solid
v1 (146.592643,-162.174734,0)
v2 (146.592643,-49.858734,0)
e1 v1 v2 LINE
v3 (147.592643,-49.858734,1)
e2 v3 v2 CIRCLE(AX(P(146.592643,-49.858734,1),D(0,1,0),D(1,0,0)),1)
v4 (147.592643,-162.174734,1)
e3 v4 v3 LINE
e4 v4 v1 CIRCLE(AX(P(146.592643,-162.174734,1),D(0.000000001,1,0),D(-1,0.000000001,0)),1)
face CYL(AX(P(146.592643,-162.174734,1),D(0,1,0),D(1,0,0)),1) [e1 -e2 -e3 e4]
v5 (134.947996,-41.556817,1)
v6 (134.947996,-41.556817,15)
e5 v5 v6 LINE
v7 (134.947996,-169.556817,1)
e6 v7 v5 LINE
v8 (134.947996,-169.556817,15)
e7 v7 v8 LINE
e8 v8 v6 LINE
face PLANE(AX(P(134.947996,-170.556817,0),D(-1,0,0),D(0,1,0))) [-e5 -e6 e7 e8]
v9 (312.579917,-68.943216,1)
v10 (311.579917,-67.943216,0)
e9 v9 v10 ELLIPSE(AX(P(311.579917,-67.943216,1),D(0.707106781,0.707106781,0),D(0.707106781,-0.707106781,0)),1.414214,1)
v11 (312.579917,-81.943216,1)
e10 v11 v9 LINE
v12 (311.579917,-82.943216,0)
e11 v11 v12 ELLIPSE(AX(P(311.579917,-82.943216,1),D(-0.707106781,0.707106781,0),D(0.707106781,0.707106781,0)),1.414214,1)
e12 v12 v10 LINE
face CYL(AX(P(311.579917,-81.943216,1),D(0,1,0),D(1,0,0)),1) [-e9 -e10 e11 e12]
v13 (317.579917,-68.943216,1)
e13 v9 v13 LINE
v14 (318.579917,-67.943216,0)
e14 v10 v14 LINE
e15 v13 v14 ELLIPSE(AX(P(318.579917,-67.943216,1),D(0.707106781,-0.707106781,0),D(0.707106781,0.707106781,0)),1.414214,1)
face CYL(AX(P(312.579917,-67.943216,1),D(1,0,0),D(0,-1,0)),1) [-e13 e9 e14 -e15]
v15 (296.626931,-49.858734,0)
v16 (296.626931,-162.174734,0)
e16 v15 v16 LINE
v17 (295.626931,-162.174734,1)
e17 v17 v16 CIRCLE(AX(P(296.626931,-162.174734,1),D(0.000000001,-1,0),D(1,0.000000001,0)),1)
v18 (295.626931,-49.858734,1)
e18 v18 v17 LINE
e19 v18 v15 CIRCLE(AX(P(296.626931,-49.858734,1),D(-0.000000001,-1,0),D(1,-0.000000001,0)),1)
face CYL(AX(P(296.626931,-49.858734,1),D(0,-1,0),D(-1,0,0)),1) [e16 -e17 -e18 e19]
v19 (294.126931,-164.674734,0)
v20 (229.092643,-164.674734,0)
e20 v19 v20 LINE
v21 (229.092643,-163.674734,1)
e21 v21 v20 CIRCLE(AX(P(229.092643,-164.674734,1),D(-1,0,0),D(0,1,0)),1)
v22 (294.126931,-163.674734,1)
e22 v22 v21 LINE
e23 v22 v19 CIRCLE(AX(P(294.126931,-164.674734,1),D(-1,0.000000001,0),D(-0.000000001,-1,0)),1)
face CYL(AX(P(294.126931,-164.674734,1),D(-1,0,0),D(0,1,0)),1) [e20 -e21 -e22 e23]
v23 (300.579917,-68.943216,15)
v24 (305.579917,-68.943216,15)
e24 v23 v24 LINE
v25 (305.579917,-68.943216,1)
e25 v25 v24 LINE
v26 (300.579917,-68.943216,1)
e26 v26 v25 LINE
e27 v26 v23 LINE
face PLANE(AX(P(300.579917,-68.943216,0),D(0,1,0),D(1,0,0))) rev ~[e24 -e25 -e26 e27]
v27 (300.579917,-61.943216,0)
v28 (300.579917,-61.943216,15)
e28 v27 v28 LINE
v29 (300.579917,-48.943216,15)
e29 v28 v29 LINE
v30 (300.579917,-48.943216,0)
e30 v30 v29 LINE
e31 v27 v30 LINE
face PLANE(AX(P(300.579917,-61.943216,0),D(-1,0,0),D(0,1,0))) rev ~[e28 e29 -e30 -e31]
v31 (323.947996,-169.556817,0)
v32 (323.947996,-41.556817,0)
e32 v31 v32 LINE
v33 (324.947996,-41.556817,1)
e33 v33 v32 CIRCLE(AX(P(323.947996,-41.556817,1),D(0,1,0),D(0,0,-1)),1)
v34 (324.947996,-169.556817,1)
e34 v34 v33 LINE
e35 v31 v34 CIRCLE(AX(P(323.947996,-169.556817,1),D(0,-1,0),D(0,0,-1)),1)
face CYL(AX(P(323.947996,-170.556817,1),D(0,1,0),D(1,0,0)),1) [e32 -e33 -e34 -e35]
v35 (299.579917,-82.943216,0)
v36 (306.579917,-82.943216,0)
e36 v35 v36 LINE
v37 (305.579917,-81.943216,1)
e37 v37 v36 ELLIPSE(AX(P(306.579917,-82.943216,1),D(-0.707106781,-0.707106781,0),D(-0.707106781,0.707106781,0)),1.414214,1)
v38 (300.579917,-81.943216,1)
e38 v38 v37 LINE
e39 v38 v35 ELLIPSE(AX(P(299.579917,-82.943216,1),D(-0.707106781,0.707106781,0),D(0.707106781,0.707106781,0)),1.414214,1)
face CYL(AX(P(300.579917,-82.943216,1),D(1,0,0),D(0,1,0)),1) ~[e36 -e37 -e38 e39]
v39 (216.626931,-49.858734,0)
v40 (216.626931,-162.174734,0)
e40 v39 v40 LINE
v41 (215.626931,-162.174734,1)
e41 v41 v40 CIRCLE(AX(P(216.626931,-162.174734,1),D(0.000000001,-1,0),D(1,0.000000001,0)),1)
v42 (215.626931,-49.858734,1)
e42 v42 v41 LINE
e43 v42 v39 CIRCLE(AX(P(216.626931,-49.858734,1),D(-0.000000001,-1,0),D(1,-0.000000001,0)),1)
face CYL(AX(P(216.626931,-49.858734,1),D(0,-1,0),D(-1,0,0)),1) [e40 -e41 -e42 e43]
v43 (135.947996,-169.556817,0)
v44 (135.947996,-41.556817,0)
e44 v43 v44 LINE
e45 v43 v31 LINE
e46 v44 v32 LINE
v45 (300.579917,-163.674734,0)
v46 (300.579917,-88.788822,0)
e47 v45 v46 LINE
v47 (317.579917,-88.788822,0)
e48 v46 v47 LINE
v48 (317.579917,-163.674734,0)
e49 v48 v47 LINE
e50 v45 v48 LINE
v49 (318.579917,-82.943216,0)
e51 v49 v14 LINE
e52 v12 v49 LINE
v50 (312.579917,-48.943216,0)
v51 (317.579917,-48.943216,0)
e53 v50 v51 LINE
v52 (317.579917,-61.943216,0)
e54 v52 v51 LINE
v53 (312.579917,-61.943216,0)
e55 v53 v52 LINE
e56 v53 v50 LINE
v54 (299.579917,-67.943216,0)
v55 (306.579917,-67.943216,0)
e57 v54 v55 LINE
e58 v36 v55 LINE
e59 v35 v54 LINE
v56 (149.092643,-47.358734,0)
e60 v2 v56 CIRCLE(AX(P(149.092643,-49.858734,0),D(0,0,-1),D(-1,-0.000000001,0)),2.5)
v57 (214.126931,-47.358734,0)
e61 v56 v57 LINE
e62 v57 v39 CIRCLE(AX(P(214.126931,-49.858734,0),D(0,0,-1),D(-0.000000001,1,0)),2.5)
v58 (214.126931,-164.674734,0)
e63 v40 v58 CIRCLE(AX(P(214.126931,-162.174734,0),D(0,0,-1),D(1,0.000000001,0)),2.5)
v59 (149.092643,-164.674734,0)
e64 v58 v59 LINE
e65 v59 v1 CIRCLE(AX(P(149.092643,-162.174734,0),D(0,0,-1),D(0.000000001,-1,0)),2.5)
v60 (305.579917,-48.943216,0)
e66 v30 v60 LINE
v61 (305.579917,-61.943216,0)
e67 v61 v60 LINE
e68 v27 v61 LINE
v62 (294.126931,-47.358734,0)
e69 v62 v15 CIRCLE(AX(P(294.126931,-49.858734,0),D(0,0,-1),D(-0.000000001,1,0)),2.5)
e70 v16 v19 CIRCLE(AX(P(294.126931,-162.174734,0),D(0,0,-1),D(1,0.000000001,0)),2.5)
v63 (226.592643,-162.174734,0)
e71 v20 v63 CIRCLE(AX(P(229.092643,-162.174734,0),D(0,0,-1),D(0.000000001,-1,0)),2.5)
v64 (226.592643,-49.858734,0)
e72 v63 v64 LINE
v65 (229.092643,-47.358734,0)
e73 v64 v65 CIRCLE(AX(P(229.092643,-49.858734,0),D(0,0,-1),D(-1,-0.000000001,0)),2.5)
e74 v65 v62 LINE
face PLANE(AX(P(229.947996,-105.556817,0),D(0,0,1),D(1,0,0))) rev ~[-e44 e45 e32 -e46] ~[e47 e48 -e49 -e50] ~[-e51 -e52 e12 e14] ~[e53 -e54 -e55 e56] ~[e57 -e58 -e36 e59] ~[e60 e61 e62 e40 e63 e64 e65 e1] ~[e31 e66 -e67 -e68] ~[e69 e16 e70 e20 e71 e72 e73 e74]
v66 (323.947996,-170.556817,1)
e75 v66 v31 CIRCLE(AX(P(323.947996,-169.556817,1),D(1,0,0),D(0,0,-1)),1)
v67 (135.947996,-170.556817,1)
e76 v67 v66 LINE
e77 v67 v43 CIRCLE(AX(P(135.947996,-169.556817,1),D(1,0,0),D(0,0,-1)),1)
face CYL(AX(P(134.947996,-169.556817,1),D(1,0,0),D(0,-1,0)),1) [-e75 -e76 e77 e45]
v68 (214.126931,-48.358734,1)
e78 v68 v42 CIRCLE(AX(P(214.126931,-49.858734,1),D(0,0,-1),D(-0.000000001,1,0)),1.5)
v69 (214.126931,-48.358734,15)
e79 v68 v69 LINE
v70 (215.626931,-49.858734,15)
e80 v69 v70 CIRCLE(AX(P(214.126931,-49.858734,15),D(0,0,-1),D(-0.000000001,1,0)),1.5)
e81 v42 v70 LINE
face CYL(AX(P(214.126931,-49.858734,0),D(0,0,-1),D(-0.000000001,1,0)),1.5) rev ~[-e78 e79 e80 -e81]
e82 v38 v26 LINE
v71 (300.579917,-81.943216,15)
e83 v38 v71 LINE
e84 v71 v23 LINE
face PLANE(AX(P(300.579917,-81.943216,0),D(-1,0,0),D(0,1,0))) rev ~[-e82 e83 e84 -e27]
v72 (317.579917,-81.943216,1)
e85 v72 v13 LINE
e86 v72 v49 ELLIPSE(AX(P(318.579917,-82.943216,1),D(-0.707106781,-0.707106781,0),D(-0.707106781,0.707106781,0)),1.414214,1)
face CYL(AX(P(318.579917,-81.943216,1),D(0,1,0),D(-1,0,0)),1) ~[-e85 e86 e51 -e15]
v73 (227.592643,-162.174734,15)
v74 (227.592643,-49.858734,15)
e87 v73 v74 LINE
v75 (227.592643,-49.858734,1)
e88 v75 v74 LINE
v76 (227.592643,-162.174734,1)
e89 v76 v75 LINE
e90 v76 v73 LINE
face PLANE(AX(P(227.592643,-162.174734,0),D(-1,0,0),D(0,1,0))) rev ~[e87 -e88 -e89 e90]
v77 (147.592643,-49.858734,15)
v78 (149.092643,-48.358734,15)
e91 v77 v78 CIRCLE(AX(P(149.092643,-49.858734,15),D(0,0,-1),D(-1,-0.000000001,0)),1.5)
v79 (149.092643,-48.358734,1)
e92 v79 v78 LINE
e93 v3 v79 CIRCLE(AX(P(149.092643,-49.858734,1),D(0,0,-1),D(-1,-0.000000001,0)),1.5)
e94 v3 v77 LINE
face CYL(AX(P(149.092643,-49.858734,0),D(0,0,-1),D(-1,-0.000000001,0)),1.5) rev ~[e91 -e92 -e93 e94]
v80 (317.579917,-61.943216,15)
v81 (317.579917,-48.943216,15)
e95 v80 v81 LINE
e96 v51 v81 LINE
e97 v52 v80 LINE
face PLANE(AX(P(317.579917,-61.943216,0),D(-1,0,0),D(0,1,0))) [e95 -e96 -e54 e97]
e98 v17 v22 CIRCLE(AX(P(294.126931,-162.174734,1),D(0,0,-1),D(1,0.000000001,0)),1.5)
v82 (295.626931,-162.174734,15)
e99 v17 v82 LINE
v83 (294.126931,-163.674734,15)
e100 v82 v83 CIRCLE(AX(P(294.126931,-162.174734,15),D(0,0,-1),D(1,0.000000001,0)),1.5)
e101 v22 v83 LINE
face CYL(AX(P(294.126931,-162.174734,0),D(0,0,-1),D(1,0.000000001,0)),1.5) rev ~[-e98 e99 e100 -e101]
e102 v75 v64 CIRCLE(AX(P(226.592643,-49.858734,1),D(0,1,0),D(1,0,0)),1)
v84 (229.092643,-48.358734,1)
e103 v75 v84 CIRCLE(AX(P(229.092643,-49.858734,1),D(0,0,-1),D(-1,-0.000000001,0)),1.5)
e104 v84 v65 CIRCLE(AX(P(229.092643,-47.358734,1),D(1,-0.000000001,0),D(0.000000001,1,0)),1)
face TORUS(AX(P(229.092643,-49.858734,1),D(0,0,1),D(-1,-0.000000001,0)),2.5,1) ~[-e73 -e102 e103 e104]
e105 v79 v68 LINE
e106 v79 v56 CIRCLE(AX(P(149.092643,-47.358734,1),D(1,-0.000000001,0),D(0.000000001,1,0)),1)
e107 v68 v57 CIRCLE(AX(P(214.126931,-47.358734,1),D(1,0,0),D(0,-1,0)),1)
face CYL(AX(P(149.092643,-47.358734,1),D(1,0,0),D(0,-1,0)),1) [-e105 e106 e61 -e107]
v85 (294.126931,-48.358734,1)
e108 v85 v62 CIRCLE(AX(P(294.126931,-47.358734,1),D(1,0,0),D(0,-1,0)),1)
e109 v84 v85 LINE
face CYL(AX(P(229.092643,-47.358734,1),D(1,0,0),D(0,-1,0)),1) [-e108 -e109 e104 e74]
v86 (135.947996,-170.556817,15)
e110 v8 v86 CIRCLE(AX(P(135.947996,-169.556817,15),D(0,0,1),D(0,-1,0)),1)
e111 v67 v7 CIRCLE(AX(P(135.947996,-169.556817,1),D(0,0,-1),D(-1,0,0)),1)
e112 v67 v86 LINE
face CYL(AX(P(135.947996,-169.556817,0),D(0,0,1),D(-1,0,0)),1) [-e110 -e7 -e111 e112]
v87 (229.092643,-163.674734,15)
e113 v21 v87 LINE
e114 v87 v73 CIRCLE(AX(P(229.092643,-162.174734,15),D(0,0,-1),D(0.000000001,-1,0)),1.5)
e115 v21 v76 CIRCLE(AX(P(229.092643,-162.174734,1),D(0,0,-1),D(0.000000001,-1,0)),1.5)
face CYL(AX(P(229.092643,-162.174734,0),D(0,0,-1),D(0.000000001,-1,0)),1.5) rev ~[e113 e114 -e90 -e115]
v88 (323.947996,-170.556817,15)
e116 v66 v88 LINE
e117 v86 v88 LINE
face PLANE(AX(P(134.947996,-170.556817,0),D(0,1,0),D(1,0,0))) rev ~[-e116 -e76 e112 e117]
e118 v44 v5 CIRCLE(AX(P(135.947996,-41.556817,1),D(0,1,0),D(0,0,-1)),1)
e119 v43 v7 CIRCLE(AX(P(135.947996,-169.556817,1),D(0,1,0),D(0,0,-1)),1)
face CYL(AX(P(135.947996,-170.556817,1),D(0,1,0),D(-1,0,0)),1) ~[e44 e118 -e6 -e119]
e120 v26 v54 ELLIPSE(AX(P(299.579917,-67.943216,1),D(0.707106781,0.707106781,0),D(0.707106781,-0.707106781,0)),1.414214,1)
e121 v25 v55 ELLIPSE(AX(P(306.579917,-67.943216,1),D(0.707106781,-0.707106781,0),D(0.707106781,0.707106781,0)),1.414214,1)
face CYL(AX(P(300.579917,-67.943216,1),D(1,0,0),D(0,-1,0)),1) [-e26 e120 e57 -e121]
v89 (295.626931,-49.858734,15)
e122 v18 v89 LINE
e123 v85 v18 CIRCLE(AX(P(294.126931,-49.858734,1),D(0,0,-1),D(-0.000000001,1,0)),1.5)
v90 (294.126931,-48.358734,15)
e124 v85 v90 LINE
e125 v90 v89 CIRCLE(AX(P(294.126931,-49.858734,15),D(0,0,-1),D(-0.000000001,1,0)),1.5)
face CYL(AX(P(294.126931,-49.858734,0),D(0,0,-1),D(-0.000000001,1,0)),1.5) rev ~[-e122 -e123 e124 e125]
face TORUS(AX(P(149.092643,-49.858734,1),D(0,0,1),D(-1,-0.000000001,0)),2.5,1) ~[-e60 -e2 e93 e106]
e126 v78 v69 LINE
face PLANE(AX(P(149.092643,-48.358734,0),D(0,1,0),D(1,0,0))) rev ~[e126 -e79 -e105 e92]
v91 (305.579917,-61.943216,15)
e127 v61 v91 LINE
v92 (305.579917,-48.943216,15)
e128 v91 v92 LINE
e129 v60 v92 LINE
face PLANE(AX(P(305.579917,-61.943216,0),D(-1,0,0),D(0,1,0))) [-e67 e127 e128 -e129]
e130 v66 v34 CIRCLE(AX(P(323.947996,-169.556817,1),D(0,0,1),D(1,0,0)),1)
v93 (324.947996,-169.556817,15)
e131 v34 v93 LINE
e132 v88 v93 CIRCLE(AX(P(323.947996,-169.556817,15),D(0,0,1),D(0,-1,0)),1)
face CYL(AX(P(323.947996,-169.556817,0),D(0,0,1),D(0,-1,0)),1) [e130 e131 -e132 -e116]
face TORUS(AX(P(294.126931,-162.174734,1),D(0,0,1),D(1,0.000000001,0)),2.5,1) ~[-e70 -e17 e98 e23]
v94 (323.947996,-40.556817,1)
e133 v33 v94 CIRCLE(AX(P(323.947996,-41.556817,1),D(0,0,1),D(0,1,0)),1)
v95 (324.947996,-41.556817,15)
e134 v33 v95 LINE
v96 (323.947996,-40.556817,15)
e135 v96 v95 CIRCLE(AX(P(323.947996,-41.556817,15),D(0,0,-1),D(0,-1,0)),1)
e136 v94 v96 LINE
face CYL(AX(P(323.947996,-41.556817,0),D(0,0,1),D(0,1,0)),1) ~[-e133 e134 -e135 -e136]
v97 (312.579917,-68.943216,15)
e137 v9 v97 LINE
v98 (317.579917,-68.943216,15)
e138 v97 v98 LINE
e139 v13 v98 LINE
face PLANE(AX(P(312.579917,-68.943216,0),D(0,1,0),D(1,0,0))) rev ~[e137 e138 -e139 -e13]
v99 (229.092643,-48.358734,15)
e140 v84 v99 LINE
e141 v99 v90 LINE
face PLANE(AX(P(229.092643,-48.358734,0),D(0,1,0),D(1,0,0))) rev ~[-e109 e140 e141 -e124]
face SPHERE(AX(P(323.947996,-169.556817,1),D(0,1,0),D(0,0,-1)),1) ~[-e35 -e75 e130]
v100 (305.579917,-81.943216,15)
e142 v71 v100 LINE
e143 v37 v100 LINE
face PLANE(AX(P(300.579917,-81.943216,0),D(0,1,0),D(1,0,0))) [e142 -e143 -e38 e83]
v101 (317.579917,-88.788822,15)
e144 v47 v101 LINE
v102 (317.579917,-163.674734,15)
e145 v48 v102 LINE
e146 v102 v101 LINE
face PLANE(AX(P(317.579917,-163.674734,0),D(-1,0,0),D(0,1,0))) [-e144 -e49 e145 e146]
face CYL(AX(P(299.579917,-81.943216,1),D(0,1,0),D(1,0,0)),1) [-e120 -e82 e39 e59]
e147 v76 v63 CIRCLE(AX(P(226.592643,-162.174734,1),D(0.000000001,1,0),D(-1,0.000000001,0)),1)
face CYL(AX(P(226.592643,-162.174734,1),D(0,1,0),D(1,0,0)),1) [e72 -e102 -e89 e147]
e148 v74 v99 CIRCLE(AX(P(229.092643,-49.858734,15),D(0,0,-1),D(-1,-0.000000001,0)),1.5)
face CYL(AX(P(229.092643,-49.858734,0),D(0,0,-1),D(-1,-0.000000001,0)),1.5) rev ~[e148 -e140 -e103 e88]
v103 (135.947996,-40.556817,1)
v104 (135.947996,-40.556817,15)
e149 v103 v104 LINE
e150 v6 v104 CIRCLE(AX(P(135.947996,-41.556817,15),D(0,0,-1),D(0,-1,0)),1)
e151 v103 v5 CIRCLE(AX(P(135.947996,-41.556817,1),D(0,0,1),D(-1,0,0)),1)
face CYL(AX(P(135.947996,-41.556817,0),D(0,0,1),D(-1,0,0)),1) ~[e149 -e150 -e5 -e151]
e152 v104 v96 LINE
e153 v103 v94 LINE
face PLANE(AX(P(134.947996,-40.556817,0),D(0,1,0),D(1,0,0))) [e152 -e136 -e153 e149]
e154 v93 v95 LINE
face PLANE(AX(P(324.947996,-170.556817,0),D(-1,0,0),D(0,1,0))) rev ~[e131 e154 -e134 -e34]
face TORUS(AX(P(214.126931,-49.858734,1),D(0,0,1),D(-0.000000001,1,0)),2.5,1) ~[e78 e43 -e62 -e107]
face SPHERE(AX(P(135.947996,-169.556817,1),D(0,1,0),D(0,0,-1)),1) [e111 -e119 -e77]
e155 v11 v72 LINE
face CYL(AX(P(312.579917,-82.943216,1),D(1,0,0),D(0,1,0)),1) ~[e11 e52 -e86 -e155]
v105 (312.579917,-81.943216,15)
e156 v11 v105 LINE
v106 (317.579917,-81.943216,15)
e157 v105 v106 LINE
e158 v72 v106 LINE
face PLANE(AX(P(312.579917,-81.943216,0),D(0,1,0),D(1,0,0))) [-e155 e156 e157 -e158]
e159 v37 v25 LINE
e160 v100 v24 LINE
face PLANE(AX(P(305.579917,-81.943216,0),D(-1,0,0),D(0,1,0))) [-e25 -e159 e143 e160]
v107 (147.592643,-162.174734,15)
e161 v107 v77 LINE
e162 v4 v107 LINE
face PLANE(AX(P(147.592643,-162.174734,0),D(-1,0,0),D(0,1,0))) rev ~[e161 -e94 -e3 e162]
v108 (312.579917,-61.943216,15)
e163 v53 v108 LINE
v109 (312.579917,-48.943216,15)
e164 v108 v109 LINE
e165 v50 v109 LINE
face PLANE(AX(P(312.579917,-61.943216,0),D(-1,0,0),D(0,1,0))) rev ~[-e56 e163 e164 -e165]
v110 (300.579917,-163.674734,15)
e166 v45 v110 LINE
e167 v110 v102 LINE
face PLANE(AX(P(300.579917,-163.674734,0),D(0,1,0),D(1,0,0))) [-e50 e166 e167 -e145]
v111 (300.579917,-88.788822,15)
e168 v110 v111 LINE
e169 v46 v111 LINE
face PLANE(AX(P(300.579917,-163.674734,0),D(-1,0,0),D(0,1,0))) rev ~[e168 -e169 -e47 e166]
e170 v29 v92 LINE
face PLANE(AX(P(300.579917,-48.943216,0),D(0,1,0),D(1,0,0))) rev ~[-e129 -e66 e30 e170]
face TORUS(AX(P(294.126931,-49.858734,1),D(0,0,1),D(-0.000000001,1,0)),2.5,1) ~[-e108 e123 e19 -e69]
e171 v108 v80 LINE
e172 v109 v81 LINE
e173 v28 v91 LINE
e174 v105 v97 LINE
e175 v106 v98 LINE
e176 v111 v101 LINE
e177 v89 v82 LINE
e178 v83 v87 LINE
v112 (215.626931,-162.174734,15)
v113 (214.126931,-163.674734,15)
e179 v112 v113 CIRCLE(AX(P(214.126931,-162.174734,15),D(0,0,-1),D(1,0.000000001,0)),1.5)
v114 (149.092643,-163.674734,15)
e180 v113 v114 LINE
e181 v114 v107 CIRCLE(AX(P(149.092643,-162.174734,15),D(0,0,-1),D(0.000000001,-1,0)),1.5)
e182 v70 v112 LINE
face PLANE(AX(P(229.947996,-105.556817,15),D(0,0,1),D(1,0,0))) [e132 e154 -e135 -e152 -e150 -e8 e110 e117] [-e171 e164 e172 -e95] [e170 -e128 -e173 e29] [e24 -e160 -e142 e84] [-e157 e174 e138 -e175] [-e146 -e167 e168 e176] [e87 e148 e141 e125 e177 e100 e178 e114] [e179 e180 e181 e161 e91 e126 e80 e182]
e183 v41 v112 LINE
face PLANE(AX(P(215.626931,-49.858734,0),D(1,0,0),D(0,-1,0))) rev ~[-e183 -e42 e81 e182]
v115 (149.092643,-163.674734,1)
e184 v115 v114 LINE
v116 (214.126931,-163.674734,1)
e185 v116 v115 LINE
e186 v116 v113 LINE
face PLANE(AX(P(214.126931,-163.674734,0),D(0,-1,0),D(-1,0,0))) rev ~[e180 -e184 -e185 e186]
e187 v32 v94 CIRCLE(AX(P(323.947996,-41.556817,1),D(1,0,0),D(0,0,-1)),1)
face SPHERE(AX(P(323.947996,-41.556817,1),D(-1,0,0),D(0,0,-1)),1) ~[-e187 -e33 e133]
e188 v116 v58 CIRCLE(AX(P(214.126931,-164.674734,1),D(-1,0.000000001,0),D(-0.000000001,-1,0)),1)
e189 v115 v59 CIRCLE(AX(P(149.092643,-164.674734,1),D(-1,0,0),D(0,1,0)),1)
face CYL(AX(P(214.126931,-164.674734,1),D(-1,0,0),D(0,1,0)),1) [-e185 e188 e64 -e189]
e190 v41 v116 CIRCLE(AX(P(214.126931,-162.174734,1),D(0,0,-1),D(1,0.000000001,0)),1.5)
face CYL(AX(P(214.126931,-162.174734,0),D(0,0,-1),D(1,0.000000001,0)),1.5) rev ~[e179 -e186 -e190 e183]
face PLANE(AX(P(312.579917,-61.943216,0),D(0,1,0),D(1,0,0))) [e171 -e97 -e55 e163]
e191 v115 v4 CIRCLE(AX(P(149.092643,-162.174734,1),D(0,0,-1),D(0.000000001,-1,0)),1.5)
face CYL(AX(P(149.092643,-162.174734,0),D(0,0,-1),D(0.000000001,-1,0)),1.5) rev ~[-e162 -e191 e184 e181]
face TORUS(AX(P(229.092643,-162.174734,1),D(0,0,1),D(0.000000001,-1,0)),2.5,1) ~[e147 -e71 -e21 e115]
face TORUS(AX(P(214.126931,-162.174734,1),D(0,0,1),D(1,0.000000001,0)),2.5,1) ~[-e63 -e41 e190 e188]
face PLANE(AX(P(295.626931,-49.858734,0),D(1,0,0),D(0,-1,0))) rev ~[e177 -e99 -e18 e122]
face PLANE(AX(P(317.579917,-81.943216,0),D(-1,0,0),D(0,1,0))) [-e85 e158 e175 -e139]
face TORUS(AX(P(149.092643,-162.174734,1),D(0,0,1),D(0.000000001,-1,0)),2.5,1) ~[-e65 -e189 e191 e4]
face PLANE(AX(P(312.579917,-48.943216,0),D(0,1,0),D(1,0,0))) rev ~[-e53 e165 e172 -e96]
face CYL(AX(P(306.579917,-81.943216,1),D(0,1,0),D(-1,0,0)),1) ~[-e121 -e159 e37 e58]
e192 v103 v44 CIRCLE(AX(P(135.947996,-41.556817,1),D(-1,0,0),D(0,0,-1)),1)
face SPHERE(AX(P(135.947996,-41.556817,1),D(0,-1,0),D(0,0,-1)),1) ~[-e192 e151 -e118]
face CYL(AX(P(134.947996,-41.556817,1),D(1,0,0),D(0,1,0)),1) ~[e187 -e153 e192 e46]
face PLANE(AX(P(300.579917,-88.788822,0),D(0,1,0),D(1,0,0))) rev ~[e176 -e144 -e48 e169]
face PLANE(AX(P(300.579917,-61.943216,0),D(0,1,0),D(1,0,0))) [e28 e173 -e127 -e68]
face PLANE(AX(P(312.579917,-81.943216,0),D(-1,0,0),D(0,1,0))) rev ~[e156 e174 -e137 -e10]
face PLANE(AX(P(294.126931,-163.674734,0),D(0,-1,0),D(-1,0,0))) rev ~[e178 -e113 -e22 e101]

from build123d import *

# Parameters (mm, degrees)
ESQUISSE2_W        = 190
ESQUISSE2_H        = 130
ESQUISSE2_W_2      = 5
ESQUISSE2_H_2      = 13
ESQUISSE2_W_3      = 17
ESQUISSE2_H_3      = 74.885911828
BOSS_EXTRU_1_DEPTH = 15
CONG_1_R           = 1


with BuildPart() as part:
    # Esquisse2 → Boss.-Extru.1 (new body)
    with BuildSketch(Plane.XY):
        with Locations((229.947995903, -105.556817115)):
            Rectangle(ESQUISSE2_W, ESQUISSE2_H)
        with BuildLine():
            Line((294.126931092, -163.674733602), (229.09264334, -163.674733602))
            ThreePointArc((229.09264334, -163.674733602), (228.031983168, -163.235393774), (227.59264334, -162.174733602))
            Line((227.59264334, -162.174733602), (227.59264334, -49.858733602))
            ThreePointArc((227.59264334, -49.858733602), (228.031983168, -48.79807343), (229.09264334, -48.358733602))
            Line((229.09264334, -48.358733602), (294.126931092, -48.358733602))
            ThreePointArc((294.126931092, -48.358733602), (295.187591264, -48.79807343), (295.626931092, -49.858733602))
            Line((295.626931092, -49.858733602), (295.626931092, -162.174733602))
            ThreePointArc((295.626931092, -162.174733602), (295.187591264, -163.235393774), (294.126931092, -163.674733602))
        make_face(mode=Mode.SUBTRACT)
        with BuildLine():
            Line((214.126931092, -163.674733602), (149.09264334, -163.674733602))
            ThreePointArc((149.09264334, -163.674733602), (148.031983168, -163.235393774), (147.59264334, -162.174733602))
            Line((147.59264334, -162.174733602), (147.59264334, -49.858733602))
            ThreePointArc((147.59264334, -49.858733602), (148.031983168, -48.79807343), (149.09264334, -48.358733602))
            Line((149.09264334, -48.358733602), (214.126931092, -48.358733602))
            ThreePointArc((214.126931092, -48.358733602), (215.187591264, -48.79807343), (215.626931092, -49.858733602))
            Line((215.626931092, -49.858733602), (215.626931092, -162.174733602))
            ThreePointArc((215.626931092, -162.174733602), (215.187591264, -163.235393774), (214.126931092, -163.674733602))
        make_face(mode=Mode.SUBTRACT)
        with Locations((315.079916598, -55.443215784)):
            Rectangle(ESQUISSE2_W_2, ESQUISSE2_H_2, mode=Mode.SUBTRACT)
        with Locations((303.079916598, -55.443215784)):
            Rectangle(ESQUISSE2_W_2, ESQUISSE2_H_2, mode=Mode.SUBTRACT)
        with Locations((315.079916598, -75.443215784)):
            Rectangle(ESQUISSE2_W_2, ESQUISSE2_H_2, mode=Mode.SUBTRACT)
        with Locations((303.079916598, -75.443215784)):
            Rectangle(ESQUISSE2_W_2, ESQUISSE2_H_2, mode=Mode.SUBTRACT)
        with Locations((309.079916598, -126.231777688)):
            Rectangle(ESQUISSE2_W_3, ESQUISSE2_H_3, mode=Mode.SUBTRACT)
    extrude(amount=BOSS_EXTRU_1_DEPTH)

    # Congé1
    cong_1_edges = [part.edges().sort_by_distance(p)[0] for p in [
        (295.187591264, -163.235393774, 0),
        (295.626931092, -106.016733602, 0),
        (295.187591264, -48.79807343, 0),
        (261.609787216, -48.358733602, 0),
        (228.031983168, -48.79807343, 0),
        (227.59264334, -106.016733602, 0),
        (228.031983168, -163.235393774, 0),
        (261.609787216, -163.674733602, 0),
        (305.579916598, -75.443215784, 0),
        (303.079916598, -68.943215784, 0),
        (300.579916598, -75.443215784, 0),
        (303.079916598, -81.943215784, 0),
        (317.579916598, -75.443215784, 0),
        (315.079916598, -68.943215784, 0),
        (312.579916598, -75.443215784, 0),
        (315.079916598, -81.943215784, 0),
        (134.947995903, -105.556817115, 0),
        (229.947995903, -40.556817115, 0),
        (324.947995903, -105.556817115, 0),
        (229.947995903, -170.556817115, 0),
        (215.187591264, -163.235393774, 0),
        (215.626931092, -106.016733602, 0),
        (215.187591264, -48.79807343, 0),
        (181.609787216, -48.358733602, 0),
        (148.031983168, -48.79807343, 0),
        (147.59264334, -106.016733602, 0),
        (148.031983168, -163.235393774, 0),
        (181.609787216, -163.674733602, 0),
        (134.947995903, -170.556817115, 7.5),
        (134.947995903, -40.556817115, 7.5),
        (324.947995903, -40.556817115, 7.5),
        (324.947995903, -170.556817115, 7.5),
    ]]
    fillet(cong_1_edges, radius=CONG_1_R)


solid = part.part
